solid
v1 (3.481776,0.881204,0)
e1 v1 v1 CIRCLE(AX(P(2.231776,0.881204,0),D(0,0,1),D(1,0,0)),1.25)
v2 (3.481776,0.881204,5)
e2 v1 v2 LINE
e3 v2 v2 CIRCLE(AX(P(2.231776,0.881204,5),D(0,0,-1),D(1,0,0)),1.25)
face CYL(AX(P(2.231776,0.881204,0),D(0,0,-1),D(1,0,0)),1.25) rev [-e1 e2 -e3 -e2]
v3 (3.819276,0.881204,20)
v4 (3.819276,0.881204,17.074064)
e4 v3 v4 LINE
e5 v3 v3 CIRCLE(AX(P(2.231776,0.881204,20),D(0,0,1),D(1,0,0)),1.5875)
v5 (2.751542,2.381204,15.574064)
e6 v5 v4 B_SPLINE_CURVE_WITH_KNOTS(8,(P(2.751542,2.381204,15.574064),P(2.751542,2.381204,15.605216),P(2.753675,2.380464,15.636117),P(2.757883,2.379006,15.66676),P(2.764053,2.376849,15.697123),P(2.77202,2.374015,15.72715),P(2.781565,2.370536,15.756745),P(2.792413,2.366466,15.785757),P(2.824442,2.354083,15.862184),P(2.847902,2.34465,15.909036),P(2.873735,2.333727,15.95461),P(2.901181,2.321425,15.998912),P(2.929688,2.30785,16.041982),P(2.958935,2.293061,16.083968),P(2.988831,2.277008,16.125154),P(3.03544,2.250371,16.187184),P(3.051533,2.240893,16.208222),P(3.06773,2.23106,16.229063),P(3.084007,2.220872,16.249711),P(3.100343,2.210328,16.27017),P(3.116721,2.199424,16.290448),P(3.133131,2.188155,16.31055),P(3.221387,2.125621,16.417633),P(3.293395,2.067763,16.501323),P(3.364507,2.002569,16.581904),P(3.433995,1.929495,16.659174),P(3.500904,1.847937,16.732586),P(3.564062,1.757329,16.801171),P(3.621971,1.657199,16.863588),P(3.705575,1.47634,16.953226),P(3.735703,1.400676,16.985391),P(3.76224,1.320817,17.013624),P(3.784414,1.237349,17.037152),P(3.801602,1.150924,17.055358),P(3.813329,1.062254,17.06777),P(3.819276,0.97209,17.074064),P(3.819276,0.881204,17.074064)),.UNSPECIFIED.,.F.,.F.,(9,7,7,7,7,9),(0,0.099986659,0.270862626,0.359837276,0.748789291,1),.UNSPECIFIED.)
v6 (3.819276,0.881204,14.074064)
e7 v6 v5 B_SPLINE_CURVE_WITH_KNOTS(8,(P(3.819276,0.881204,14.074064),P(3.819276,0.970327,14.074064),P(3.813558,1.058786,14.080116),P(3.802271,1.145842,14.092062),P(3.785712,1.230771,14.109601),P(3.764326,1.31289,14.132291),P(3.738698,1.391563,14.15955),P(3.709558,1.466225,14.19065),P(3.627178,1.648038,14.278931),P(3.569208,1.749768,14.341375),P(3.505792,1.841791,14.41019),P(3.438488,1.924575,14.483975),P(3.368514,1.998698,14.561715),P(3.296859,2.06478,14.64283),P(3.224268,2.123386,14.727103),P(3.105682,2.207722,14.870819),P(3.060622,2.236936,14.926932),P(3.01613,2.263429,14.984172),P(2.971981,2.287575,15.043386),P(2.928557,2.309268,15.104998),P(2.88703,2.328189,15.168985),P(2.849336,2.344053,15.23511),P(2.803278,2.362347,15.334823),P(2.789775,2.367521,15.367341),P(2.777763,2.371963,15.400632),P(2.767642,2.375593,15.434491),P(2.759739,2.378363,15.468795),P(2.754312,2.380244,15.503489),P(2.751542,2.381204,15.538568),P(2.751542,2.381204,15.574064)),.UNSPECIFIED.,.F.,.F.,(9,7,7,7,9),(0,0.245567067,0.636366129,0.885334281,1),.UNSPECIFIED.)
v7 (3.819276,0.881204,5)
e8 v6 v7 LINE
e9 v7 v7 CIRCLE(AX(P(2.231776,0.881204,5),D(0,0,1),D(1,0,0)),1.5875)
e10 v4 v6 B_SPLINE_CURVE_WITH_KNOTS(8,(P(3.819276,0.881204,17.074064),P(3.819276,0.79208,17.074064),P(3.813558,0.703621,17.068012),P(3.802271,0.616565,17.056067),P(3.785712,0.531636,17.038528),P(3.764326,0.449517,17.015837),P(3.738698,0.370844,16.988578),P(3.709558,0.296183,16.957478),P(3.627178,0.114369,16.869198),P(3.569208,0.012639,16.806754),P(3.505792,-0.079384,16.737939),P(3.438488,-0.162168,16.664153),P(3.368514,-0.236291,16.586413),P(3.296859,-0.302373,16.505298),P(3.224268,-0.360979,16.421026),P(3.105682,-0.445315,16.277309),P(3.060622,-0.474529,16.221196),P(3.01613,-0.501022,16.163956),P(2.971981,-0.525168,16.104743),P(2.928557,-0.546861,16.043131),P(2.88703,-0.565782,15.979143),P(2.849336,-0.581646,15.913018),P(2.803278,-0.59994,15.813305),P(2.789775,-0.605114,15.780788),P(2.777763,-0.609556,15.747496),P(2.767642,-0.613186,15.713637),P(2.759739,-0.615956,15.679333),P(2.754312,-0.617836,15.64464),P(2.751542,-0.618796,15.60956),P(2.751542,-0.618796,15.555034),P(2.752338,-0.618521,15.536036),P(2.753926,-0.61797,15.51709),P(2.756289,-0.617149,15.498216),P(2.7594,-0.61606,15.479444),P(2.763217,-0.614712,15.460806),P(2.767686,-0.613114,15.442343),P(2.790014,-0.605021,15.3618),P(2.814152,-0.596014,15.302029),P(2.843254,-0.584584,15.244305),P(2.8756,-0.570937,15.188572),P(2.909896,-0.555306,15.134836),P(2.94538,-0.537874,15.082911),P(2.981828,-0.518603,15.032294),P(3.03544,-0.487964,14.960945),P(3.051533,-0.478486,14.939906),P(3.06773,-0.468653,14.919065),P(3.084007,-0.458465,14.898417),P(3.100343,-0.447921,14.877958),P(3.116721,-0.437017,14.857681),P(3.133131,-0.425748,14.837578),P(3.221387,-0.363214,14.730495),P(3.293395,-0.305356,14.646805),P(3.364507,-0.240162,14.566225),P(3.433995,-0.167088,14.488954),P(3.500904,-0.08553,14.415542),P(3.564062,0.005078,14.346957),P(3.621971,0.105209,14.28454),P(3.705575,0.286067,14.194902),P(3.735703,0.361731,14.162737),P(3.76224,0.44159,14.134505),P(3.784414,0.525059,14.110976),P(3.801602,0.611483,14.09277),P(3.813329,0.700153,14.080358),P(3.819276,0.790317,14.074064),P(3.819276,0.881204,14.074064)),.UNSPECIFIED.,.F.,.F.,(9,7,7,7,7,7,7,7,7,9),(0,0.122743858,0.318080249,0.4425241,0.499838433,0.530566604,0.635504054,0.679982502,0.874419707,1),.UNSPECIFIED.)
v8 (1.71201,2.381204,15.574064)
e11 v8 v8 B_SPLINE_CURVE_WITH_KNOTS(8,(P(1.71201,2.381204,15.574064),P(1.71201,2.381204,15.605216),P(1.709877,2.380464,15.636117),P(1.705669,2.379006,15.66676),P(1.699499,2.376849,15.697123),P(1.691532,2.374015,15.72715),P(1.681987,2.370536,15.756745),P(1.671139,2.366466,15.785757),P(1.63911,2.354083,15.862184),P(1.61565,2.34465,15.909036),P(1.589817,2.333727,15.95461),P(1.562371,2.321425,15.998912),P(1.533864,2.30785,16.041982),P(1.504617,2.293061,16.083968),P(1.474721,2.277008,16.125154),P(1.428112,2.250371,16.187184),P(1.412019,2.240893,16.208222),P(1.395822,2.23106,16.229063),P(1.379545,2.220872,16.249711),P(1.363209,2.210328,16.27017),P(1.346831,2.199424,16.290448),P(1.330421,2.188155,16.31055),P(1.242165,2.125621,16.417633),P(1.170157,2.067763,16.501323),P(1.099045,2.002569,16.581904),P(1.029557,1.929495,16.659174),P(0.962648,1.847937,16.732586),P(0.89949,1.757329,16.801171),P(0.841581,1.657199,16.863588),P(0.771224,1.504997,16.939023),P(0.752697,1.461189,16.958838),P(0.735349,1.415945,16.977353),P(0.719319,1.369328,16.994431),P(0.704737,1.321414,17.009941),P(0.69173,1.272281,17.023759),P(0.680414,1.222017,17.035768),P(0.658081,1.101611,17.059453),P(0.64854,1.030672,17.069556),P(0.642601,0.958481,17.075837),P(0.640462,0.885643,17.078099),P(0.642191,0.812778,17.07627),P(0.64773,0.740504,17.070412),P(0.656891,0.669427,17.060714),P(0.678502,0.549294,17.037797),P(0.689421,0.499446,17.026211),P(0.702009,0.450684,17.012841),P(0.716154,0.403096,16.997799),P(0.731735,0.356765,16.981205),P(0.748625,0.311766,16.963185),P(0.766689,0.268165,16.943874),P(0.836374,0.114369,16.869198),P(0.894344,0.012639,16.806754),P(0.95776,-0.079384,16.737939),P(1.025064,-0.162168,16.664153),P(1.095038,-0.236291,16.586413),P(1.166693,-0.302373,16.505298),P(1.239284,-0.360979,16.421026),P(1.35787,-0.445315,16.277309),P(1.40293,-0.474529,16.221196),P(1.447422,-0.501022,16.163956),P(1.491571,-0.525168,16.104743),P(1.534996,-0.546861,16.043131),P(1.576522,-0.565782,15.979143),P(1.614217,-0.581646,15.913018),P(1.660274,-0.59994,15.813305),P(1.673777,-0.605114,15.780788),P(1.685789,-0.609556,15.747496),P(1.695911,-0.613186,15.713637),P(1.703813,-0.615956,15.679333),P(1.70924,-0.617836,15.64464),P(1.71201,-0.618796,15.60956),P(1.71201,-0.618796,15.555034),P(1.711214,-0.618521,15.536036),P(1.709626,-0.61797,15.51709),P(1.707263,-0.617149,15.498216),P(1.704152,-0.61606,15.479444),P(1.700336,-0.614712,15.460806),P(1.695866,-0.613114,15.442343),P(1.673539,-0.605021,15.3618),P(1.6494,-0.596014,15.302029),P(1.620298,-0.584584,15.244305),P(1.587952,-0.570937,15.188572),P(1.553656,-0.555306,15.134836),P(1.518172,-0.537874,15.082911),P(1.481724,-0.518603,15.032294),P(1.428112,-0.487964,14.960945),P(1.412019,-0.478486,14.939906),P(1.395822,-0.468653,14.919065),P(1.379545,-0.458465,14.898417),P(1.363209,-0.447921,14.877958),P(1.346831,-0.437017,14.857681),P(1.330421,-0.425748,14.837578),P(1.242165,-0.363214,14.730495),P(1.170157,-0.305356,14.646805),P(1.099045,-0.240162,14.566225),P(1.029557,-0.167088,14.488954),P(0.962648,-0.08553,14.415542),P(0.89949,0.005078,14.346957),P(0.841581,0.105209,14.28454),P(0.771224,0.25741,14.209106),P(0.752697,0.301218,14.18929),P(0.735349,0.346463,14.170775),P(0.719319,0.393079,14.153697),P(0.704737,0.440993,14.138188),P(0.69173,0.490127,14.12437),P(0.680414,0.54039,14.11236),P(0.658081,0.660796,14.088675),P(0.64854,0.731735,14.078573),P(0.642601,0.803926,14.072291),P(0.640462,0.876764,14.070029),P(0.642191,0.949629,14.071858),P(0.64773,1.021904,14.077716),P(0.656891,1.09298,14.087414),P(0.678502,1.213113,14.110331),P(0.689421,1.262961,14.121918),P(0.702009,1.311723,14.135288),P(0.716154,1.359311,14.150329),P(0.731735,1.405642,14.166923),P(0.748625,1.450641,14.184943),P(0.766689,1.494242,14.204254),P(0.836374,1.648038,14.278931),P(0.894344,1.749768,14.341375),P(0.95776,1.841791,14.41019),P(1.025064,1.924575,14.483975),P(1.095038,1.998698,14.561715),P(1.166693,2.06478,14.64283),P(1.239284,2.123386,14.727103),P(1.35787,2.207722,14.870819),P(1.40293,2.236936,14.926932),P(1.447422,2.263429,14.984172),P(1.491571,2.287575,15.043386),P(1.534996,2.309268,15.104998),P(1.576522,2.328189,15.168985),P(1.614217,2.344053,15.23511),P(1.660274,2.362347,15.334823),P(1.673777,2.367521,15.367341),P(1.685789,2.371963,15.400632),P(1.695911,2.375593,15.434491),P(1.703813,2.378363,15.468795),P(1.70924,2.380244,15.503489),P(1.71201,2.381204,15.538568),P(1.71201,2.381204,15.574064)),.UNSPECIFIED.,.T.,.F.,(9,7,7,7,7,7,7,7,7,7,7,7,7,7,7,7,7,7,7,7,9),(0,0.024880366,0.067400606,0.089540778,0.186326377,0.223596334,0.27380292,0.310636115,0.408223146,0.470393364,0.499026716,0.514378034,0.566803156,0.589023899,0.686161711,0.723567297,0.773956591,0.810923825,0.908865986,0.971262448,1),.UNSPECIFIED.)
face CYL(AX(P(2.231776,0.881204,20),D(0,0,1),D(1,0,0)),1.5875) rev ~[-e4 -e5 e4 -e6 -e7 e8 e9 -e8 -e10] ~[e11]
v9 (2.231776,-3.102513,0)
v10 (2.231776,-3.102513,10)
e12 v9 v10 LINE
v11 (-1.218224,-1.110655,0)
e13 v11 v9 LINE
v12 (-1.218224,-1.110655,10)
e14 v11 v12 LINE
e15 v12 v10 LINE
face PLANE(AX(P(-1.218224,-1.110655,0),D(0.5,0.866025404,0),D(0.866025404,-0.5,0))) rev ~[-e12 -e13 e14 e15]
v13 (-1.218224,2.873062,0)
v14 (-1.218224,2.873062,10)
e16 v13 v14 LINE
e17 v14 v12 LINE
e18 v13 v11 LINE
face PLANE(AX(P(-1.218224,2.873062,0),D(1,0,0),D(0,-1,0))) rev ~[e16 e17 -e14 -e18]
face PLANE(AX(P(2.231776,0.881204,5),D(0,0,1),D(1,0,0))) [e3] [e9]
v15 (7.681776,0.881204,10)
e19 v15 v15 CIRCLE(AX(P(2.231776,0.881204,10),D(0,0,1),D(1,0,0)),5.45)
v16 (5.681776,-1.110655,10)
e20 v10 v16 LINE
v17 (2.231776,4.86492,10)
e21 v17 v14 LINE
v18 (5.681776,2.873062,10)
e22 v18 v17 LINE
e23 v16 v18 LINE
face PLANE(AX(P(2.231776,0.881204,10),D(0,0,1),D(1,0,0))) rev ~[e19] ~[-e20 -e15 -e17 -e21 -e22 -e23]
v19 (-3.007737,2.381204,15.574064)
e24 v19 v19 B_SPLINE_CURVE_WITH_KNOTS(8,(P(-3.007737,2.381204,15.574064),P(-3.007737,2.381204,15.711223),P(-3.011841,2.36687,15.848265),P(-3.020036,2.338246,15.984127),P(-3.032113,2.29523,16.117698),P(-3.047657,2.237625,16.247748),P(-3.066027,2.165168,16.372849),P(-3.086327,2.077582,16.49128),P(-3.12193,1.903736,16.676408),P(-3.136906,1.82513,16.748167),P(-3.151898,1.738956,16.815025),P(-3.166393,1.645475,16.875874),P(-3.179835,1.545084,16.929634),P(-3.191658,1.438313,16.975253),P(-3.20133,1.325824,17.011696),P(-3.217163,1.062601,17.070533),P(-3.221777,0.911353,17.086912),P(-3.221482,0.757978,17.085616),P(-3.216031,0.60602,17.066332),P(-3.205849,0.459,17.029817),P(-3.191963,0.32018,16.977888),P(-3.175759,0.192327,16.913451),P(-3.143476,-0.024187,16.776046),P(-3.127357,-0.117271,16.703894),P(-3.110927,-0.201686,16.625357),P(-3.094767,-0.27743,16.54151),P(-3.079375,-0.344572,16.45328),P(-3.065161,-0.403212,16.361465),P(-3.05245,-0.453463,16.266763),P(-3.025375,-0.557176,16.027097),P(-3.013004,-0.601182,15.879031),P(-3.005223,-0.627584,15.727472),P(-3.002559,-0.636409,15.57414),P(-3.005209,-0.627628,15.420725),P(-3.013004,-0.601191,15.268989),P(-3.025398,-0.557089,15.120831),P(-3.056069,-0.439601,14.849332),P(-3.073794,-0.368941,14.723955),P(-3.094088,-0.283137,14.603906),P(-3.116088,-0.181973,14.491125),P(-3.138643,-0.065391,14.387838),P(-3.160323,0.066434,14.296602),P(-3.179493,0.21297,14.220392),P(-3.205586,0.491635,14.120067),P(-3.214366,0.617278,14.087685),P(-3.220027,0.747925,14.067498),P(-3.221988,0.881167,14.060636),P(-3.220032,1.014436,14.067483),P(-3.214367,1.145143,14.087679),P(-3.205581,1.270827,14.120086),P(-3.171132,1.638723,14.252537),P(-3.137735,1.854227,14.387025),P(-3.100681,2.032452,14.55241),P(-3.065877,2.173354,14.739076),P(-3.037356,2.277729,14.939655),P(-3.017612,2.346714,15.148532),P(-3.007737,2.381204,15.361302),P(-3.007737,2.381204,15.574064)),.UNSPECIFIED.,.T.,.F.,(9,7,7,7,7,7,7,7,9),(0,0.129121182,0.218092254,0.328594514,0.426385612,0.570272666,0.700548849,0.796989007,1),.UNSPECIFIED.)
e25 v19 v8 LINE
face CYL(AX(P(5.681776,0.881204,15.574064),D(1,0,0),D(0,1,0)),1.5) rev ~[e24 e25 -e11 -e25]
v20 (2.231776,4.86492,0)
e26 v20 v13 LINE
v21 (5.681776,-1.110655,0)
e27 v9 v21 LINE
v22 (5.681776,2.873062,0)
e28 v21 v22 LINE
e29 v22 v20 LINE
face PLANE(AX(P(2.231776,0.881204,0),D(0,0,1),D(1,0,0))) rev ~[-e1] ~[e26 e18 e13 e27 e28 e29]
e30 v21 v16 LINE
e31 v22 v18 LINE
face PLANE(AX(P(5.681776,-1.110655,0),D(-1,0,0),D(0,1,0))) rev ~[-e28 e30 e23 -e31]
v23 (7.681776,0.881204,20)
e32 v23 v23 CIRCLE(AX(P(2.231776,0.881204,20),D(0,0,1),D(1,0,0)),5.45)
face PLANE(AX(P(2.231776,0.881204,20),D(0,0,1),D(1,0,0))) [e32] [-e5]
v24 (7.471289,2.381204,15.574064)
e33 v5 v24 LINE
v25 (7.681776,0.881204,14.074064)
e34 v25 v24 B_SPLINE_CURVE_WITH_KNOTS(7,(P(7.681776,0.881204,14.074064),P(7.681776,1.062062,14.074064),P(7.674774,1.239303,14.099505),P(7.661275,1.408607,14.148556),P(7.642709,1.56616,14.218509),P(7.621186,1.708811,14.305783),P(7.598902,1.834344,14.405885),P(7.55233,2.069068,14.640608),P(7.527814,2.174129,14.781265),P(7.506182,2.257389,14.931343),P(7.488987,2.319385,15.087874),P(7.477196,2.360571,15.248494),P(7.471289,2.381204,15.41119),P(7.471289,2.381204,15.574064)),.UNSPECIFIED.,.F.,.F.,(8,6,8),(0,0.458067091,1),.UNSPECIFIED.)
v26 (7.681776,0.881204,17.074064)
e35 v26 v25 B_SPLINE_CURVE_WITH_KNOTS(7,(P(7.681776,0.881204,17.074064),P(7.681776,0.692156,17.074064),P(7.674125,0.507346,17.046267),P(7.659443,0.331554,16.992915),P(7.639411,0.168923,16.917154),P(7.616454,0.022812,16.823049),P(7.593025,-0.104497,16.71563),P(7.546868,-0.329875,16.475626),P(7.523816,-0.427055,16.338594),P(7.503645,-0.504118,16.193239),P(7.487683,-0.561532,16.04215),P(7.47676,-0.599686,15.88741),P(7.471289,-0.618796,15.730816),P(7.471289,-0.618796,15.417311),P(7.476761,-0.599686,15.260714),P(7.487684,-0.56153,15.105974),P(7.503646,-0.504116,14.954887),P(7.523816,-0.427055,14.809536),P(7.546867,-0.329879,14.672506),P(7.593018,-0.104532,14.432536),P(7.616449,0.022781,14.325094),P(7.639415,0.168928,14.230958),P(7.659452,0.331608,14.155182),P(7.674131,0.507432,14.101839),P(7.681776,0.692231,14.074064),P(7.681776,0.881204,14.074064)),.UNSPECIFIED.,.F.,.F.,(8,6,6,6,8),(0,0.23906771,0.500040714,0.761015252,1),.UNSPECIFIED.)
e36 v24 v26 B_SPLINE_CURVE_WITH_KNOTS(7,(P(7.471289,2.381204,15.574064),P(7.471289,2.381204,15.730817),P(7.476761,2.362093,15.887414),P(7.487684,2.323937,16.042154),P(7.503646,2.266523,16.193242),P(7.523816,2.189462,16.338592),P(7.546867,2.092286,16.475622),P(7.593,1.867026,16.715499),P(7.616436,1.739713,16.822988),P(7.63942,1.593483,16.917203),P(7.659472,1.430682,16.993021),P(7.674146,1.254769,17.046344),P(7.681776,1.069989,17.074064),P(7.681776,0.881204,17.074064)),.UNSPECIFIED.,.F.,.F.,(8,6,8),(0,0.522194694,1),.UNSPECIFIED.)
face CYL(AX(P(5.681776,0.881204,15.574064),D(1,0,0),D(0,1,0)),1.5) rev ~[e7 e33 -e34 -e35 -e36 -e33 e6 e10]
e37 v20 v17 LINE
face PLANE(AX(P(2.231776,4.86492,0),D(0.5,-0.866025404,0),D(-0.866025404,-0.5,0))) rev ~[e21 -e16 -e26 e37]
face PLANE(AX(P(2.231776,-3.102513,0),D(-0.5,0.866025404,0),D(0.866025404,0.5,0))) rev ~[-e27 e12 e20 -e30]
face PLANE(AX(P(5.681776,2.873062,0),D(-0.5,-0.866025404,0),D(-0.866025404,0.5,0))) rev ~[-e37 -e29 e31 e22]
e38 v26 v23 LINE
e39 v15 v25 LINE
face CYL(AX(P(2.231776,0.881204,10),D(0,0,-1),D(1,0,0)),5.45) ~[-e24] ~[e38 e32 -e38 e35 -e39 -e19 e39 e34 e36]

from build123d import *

# Parameters (mm, degrees)
F0_R     = 1.25
F1_DEPTH = 10
F2_R     = 5.45
F2_R_2   = 1.25
F3_DEPTH = 10
F4_R     = 1.5875
F5_DEPTH = 15
F6_R     = 1.5
F7_DEPTH = 12.5


with BuildPart() as f1:
    # F0 (on Top) → F1 (new body)
    with BuildSketch(Plane.XY):
        Polygon((2.2317760525, -3.1025133052), (5.6817760525, -1.1106548765), (5.6817760525, 2.8730619809), (2.2317760525, 4.8649204096), (-1.2182239475, 2.8730619809), (-1.2182239475, -1.1106548765), align=None)
        with Locations((2.2317760525, 0.8812035522)):
            Circle(F0_R, mode=Mode.SUBTRACT)
    extrude(amount=F1_DEPTH)

    # F2 (on face) → F3 (join)
    with BuildSketch(Plane.XY.offset(10)):
        with Locations((2.2317760525, 0.8812035522)):
            Circle(F2_R)
        Polygon((2.2317760525, -3.1025133052), (-1.2182239475, -1.1106548765), (-1.2182239475, 2.8730619809), (2.2317760525, 4.8649204096), (5.6817760525, 2.8730619809), (5.6817760525, -1.1106548765), align=None, mode=Mode.SUBTRACT)
        Polygon((-1.2182239475, 2.8730619809), (-1.2182239475, -1.1106548765), (2.2317760525, -3.1025133052), (5.6817760525, -1.1106548765), (5.6817760525, 2.8730619809), (2.2317760525, 4.8649204096), align=None)
        with Locations((2.2317760525, 0.8812035522)):
            Circle(F2_R_2, mode=Mode.SUBTRACT)
        with Locations((2.2317760525, 0.8812035522)):
            Circle(F2_R_2)
    extrude(amount=F3_DEPTH)

    # F4 (on face) → F5 (cut)
    with BuildSketch(Plane.XY.offset(20)):
        with Locations((2.2317760525, 0.8812035522)):
            Circle(F4_R)
    extrude(amount=-F5_DEPTH, mode=Mode.SUBTRACT)

    # F6 (on face) → F7 (cut, symmetric)
    with BuildSketch(Plane.YZ.offset(5.6817760525)):
        with Locations((0.8812035522, 15.5740641057)):
            Circle(F6_R)
    extrude(amount=F7_DEPTH, both=True, mode=Mode.SUBTRACT)


solid = f1.part
